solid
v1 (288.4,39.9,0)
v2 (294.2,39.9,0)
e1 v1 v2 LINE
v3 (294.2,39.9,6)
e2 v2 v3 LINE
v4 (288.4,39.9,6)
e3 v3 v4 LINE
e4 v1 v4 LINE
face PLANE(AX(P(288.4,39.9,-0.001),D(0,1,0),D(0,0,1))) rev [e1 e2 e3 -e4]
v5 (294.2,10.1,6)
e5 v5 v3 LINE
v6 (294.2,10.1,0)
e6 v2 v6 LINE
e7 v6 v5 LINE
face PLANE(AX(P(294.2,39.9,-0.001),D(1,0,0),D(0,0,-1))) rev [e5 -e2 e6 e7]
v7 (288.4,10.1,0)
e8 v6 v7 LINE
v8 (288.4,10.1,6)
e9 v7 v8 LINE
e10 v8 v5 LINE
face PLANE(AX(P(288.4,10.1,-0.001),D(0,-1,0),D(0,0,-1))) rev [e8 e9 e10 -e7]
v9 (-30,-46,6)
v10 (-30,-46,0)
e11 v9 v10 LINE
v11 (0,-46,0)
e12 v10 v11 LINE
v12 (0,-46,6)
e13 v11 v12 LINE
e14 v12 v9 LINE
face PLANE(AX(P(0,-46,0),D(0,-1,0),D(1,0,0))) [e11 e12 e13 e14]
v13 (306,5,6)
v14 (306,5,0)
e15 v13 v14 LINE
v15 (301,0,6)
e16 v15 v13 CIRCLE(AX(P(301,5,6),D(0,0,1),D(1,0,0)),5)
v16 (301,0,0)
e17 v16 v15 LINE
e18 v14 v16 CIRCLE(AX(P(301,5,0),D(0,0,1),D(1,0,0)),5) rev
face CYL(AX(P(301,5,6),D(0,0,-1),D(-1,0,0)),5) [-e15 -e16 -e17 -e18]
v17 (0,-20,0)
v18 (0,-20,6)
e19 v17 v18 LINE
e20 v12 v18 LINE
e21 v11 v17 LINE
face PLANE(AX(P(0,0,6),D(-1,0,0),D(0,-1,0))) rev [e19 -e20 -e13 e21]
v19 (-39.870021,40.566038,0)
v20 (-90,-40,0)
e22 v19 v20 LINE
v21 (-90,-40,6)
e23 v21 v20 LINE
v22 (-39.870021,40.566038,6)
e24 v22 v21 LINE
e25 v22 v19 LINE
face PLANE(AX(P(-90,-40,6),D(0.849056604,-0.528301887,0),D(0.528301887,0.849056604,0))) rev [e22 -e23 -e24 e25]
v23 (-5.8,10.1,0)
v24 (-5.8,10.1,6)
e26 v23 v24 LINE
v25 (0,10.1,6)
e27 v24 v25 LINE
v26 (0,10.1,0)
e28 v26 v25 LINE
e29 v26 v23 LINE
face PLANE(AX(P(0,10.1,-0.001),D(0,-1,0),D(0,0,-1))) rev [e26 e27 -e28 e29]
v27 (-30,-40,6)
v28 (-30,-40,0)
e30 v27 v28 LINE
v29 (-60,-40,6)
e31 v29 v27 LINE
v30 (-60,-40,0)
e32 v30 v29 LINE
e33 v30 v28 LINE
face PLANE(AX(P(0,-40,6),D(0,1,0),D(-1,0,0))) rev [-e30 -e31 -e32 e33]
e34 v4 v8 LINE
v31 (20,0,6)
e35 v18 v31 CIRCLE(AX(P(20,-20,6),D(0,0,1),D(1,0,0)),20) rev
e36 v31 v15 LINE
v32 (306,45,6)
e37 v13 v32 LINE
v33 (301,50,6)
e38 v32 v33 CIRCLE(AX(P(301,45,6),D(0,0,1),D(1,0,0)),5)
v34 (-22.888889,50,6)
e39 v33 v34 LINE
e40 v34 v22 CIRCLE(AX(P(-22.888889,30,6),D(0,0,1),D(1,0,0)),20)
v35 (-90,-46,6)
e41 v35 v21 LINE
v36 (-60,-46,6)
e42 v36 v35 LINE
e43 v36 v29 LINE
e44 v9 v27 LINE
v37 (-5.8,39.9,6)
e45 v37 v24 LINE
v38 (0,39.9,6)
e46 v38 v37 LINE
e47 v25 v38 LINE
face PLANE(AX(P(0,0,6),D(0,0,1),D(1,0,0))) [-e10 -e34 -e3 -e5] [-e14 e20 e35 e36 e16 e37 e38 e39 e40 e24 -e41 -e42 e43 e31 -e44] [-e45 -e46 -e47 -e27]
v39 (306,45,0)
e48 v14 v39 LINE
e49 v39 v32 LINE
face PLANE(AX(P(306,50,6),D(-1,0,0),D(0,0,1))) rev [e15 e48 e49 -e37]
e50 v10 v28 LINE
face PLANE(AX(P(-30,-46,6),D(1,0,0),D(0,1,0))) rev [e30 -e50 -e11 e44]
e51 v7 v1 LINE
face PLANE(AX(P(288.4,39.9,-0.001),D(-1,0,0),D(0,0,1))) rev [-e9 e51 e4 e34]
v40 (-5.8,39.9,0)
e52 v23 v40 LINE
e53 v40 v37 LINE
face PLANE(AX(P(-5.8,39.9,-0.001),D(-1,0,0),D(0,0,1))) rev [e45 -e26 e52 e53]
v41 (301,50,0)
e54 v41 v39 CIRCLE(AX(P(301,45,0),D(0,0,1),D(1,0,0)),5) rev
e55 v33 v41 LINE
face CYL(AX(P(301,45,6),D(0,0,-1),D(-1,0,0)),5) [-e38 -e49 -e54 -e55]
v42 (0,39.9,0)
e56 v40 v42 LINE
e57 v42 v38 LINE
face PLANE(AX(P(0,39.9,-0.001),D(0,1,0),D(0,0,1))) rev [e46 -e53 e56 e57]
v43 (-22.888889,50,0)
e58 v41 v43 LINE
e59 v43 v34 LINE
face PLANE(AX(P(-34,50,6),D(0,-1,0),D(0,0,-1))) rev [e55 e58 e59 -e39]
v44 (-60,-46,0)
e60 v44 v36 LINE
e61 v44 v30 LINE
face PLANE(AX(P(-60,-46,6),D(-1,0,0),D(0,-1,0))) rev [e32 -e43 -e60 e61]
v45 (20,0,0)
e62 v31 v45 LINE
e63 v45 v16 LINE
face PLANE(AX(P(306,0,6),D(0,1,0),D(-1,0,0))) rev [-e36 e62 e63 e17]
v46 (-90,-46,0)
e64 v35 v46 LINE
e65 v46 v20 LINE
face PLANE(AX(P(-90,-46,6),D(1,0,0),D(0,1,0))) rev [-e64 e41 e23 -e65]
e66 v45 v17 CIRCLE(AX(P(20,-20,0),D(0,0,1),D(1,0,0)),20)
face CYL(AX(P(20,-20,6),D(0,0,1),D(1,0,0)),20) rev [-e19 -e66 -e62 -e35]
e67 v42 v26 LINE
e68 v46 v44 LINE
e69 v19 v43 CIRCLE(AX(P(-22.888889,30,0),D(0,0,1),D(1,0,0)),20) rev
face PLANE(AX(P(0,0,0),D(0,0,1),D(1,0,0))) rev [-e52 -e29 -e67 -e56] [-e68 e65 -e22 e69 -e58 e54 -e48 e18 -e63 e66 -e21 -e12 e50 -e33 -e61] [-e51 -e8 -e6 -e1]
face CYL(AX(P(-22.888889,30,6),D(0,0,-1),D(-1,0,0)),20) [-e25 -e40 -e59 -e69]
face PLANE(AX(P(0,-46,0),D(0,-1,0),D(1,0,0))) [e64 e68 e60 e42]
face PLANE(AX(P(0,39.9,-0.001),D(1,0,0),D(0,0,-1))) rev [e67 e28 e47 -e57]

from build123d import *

# Parameters (mm, degrees)
SALIENTE_EXTRUIR1_DEPTH = 6
CROQUIS2_W              = 30
CROQUIS2_H              = 6
SALIENTE_EXTRUIR2_DEPTH = 6
CORTAR_EXTRUIR1_REACH   = 8
CROQUIS3_W              = 5.8
CROQUIS3_H              = 29.8
REDONDEO1_R             = 20
REDONDEO2_R             = 5


with BuildPart() as part:
    # Croquis1 → Saliente-Extruir1 (new body)
    with BuildSketch(Plane.XY):
        Polygon((-90, -40), (-34, 50), (306, 50), (306, 0), (0, 0), (0, -40), align=None)
    extrude(amount=SALIENTE_EXTRUIR1_DEPTH)

    # Croquis2 → Saliente-Extruir2 (add)
    with BuildSketch(Plane.XZ.offset(40)):
        with Locations((-75, 3)):
            Rectangle(CROQUIS2_W, CROQUIS2_H)
        with Locations((-15, 3)):
            Rectangle(CROQUIS2_W, CROQUIS2_H)
    extrude(amount=SALIENTE_EXTRUIR2_DEPTH)

    # Croquis3 → Cortar-Extruir1 (cut, up to next)
    with BuildSketch(Plane.XY.offset(6), mode=Mode.PRIVATE) as cortar_extruir1_sk1:
        with Locations((-2.9, 25)):
            Rectangle(CROQUIS3_W, CROQUIS3_H)
    cortar_extruir1_tool1 = extrude(cortar_extruir1_sk1.sketch, amount=-CORTAR_EXTRUIR1_REACH, mode=Mode.PRIVATE) & part.part
    add(cortar_extruir1_tool1.solids().sort_by_distance((-2.9, 25, 6))[0], mode=Mode.SUBTRACT)
    # Croquis3 → Cortar-Extruir1 (cut, up to next)
    with BuildSketch(Plane.XY.offset(6), mode=Mode.PRIVATE) as cortar_extruir1_sk2:
        with Locations((291.3, 25)):
            Rectangle(CROQUIS3_W, CROQUIS3_H)
    cortar_extruir1_tool2 = extrude(cortar_extruir1_sk2.sketch, amount=-CORTAR_EXTRUIR1_REACH, mode=Mode.PRIVATE) & part.part
    add(cortar_extruir1_tool2.solids().sort_by_distance((291.3, 25, 6))[0], mode=Mode.SUBTRACT)

    # Redondeo1
    redondeo1_edges = [part.edges().sort_by_distance(p)[0] for p in [
        (-34, 50, 3),
        (0, 0, 3),
    ]]
    fillet(redondeo1_edges, radius=REDONDEO1_R)

    # Redondeo2
    redondeo2_edges = [part.edges().sort_by_distance(p)[0] for p in [
        (306, 50, 3),
        (306, 0, 3),
    ]]
    fillet(redondeo2_edges, radius=REDONDEO2_R)


solid = part.part
